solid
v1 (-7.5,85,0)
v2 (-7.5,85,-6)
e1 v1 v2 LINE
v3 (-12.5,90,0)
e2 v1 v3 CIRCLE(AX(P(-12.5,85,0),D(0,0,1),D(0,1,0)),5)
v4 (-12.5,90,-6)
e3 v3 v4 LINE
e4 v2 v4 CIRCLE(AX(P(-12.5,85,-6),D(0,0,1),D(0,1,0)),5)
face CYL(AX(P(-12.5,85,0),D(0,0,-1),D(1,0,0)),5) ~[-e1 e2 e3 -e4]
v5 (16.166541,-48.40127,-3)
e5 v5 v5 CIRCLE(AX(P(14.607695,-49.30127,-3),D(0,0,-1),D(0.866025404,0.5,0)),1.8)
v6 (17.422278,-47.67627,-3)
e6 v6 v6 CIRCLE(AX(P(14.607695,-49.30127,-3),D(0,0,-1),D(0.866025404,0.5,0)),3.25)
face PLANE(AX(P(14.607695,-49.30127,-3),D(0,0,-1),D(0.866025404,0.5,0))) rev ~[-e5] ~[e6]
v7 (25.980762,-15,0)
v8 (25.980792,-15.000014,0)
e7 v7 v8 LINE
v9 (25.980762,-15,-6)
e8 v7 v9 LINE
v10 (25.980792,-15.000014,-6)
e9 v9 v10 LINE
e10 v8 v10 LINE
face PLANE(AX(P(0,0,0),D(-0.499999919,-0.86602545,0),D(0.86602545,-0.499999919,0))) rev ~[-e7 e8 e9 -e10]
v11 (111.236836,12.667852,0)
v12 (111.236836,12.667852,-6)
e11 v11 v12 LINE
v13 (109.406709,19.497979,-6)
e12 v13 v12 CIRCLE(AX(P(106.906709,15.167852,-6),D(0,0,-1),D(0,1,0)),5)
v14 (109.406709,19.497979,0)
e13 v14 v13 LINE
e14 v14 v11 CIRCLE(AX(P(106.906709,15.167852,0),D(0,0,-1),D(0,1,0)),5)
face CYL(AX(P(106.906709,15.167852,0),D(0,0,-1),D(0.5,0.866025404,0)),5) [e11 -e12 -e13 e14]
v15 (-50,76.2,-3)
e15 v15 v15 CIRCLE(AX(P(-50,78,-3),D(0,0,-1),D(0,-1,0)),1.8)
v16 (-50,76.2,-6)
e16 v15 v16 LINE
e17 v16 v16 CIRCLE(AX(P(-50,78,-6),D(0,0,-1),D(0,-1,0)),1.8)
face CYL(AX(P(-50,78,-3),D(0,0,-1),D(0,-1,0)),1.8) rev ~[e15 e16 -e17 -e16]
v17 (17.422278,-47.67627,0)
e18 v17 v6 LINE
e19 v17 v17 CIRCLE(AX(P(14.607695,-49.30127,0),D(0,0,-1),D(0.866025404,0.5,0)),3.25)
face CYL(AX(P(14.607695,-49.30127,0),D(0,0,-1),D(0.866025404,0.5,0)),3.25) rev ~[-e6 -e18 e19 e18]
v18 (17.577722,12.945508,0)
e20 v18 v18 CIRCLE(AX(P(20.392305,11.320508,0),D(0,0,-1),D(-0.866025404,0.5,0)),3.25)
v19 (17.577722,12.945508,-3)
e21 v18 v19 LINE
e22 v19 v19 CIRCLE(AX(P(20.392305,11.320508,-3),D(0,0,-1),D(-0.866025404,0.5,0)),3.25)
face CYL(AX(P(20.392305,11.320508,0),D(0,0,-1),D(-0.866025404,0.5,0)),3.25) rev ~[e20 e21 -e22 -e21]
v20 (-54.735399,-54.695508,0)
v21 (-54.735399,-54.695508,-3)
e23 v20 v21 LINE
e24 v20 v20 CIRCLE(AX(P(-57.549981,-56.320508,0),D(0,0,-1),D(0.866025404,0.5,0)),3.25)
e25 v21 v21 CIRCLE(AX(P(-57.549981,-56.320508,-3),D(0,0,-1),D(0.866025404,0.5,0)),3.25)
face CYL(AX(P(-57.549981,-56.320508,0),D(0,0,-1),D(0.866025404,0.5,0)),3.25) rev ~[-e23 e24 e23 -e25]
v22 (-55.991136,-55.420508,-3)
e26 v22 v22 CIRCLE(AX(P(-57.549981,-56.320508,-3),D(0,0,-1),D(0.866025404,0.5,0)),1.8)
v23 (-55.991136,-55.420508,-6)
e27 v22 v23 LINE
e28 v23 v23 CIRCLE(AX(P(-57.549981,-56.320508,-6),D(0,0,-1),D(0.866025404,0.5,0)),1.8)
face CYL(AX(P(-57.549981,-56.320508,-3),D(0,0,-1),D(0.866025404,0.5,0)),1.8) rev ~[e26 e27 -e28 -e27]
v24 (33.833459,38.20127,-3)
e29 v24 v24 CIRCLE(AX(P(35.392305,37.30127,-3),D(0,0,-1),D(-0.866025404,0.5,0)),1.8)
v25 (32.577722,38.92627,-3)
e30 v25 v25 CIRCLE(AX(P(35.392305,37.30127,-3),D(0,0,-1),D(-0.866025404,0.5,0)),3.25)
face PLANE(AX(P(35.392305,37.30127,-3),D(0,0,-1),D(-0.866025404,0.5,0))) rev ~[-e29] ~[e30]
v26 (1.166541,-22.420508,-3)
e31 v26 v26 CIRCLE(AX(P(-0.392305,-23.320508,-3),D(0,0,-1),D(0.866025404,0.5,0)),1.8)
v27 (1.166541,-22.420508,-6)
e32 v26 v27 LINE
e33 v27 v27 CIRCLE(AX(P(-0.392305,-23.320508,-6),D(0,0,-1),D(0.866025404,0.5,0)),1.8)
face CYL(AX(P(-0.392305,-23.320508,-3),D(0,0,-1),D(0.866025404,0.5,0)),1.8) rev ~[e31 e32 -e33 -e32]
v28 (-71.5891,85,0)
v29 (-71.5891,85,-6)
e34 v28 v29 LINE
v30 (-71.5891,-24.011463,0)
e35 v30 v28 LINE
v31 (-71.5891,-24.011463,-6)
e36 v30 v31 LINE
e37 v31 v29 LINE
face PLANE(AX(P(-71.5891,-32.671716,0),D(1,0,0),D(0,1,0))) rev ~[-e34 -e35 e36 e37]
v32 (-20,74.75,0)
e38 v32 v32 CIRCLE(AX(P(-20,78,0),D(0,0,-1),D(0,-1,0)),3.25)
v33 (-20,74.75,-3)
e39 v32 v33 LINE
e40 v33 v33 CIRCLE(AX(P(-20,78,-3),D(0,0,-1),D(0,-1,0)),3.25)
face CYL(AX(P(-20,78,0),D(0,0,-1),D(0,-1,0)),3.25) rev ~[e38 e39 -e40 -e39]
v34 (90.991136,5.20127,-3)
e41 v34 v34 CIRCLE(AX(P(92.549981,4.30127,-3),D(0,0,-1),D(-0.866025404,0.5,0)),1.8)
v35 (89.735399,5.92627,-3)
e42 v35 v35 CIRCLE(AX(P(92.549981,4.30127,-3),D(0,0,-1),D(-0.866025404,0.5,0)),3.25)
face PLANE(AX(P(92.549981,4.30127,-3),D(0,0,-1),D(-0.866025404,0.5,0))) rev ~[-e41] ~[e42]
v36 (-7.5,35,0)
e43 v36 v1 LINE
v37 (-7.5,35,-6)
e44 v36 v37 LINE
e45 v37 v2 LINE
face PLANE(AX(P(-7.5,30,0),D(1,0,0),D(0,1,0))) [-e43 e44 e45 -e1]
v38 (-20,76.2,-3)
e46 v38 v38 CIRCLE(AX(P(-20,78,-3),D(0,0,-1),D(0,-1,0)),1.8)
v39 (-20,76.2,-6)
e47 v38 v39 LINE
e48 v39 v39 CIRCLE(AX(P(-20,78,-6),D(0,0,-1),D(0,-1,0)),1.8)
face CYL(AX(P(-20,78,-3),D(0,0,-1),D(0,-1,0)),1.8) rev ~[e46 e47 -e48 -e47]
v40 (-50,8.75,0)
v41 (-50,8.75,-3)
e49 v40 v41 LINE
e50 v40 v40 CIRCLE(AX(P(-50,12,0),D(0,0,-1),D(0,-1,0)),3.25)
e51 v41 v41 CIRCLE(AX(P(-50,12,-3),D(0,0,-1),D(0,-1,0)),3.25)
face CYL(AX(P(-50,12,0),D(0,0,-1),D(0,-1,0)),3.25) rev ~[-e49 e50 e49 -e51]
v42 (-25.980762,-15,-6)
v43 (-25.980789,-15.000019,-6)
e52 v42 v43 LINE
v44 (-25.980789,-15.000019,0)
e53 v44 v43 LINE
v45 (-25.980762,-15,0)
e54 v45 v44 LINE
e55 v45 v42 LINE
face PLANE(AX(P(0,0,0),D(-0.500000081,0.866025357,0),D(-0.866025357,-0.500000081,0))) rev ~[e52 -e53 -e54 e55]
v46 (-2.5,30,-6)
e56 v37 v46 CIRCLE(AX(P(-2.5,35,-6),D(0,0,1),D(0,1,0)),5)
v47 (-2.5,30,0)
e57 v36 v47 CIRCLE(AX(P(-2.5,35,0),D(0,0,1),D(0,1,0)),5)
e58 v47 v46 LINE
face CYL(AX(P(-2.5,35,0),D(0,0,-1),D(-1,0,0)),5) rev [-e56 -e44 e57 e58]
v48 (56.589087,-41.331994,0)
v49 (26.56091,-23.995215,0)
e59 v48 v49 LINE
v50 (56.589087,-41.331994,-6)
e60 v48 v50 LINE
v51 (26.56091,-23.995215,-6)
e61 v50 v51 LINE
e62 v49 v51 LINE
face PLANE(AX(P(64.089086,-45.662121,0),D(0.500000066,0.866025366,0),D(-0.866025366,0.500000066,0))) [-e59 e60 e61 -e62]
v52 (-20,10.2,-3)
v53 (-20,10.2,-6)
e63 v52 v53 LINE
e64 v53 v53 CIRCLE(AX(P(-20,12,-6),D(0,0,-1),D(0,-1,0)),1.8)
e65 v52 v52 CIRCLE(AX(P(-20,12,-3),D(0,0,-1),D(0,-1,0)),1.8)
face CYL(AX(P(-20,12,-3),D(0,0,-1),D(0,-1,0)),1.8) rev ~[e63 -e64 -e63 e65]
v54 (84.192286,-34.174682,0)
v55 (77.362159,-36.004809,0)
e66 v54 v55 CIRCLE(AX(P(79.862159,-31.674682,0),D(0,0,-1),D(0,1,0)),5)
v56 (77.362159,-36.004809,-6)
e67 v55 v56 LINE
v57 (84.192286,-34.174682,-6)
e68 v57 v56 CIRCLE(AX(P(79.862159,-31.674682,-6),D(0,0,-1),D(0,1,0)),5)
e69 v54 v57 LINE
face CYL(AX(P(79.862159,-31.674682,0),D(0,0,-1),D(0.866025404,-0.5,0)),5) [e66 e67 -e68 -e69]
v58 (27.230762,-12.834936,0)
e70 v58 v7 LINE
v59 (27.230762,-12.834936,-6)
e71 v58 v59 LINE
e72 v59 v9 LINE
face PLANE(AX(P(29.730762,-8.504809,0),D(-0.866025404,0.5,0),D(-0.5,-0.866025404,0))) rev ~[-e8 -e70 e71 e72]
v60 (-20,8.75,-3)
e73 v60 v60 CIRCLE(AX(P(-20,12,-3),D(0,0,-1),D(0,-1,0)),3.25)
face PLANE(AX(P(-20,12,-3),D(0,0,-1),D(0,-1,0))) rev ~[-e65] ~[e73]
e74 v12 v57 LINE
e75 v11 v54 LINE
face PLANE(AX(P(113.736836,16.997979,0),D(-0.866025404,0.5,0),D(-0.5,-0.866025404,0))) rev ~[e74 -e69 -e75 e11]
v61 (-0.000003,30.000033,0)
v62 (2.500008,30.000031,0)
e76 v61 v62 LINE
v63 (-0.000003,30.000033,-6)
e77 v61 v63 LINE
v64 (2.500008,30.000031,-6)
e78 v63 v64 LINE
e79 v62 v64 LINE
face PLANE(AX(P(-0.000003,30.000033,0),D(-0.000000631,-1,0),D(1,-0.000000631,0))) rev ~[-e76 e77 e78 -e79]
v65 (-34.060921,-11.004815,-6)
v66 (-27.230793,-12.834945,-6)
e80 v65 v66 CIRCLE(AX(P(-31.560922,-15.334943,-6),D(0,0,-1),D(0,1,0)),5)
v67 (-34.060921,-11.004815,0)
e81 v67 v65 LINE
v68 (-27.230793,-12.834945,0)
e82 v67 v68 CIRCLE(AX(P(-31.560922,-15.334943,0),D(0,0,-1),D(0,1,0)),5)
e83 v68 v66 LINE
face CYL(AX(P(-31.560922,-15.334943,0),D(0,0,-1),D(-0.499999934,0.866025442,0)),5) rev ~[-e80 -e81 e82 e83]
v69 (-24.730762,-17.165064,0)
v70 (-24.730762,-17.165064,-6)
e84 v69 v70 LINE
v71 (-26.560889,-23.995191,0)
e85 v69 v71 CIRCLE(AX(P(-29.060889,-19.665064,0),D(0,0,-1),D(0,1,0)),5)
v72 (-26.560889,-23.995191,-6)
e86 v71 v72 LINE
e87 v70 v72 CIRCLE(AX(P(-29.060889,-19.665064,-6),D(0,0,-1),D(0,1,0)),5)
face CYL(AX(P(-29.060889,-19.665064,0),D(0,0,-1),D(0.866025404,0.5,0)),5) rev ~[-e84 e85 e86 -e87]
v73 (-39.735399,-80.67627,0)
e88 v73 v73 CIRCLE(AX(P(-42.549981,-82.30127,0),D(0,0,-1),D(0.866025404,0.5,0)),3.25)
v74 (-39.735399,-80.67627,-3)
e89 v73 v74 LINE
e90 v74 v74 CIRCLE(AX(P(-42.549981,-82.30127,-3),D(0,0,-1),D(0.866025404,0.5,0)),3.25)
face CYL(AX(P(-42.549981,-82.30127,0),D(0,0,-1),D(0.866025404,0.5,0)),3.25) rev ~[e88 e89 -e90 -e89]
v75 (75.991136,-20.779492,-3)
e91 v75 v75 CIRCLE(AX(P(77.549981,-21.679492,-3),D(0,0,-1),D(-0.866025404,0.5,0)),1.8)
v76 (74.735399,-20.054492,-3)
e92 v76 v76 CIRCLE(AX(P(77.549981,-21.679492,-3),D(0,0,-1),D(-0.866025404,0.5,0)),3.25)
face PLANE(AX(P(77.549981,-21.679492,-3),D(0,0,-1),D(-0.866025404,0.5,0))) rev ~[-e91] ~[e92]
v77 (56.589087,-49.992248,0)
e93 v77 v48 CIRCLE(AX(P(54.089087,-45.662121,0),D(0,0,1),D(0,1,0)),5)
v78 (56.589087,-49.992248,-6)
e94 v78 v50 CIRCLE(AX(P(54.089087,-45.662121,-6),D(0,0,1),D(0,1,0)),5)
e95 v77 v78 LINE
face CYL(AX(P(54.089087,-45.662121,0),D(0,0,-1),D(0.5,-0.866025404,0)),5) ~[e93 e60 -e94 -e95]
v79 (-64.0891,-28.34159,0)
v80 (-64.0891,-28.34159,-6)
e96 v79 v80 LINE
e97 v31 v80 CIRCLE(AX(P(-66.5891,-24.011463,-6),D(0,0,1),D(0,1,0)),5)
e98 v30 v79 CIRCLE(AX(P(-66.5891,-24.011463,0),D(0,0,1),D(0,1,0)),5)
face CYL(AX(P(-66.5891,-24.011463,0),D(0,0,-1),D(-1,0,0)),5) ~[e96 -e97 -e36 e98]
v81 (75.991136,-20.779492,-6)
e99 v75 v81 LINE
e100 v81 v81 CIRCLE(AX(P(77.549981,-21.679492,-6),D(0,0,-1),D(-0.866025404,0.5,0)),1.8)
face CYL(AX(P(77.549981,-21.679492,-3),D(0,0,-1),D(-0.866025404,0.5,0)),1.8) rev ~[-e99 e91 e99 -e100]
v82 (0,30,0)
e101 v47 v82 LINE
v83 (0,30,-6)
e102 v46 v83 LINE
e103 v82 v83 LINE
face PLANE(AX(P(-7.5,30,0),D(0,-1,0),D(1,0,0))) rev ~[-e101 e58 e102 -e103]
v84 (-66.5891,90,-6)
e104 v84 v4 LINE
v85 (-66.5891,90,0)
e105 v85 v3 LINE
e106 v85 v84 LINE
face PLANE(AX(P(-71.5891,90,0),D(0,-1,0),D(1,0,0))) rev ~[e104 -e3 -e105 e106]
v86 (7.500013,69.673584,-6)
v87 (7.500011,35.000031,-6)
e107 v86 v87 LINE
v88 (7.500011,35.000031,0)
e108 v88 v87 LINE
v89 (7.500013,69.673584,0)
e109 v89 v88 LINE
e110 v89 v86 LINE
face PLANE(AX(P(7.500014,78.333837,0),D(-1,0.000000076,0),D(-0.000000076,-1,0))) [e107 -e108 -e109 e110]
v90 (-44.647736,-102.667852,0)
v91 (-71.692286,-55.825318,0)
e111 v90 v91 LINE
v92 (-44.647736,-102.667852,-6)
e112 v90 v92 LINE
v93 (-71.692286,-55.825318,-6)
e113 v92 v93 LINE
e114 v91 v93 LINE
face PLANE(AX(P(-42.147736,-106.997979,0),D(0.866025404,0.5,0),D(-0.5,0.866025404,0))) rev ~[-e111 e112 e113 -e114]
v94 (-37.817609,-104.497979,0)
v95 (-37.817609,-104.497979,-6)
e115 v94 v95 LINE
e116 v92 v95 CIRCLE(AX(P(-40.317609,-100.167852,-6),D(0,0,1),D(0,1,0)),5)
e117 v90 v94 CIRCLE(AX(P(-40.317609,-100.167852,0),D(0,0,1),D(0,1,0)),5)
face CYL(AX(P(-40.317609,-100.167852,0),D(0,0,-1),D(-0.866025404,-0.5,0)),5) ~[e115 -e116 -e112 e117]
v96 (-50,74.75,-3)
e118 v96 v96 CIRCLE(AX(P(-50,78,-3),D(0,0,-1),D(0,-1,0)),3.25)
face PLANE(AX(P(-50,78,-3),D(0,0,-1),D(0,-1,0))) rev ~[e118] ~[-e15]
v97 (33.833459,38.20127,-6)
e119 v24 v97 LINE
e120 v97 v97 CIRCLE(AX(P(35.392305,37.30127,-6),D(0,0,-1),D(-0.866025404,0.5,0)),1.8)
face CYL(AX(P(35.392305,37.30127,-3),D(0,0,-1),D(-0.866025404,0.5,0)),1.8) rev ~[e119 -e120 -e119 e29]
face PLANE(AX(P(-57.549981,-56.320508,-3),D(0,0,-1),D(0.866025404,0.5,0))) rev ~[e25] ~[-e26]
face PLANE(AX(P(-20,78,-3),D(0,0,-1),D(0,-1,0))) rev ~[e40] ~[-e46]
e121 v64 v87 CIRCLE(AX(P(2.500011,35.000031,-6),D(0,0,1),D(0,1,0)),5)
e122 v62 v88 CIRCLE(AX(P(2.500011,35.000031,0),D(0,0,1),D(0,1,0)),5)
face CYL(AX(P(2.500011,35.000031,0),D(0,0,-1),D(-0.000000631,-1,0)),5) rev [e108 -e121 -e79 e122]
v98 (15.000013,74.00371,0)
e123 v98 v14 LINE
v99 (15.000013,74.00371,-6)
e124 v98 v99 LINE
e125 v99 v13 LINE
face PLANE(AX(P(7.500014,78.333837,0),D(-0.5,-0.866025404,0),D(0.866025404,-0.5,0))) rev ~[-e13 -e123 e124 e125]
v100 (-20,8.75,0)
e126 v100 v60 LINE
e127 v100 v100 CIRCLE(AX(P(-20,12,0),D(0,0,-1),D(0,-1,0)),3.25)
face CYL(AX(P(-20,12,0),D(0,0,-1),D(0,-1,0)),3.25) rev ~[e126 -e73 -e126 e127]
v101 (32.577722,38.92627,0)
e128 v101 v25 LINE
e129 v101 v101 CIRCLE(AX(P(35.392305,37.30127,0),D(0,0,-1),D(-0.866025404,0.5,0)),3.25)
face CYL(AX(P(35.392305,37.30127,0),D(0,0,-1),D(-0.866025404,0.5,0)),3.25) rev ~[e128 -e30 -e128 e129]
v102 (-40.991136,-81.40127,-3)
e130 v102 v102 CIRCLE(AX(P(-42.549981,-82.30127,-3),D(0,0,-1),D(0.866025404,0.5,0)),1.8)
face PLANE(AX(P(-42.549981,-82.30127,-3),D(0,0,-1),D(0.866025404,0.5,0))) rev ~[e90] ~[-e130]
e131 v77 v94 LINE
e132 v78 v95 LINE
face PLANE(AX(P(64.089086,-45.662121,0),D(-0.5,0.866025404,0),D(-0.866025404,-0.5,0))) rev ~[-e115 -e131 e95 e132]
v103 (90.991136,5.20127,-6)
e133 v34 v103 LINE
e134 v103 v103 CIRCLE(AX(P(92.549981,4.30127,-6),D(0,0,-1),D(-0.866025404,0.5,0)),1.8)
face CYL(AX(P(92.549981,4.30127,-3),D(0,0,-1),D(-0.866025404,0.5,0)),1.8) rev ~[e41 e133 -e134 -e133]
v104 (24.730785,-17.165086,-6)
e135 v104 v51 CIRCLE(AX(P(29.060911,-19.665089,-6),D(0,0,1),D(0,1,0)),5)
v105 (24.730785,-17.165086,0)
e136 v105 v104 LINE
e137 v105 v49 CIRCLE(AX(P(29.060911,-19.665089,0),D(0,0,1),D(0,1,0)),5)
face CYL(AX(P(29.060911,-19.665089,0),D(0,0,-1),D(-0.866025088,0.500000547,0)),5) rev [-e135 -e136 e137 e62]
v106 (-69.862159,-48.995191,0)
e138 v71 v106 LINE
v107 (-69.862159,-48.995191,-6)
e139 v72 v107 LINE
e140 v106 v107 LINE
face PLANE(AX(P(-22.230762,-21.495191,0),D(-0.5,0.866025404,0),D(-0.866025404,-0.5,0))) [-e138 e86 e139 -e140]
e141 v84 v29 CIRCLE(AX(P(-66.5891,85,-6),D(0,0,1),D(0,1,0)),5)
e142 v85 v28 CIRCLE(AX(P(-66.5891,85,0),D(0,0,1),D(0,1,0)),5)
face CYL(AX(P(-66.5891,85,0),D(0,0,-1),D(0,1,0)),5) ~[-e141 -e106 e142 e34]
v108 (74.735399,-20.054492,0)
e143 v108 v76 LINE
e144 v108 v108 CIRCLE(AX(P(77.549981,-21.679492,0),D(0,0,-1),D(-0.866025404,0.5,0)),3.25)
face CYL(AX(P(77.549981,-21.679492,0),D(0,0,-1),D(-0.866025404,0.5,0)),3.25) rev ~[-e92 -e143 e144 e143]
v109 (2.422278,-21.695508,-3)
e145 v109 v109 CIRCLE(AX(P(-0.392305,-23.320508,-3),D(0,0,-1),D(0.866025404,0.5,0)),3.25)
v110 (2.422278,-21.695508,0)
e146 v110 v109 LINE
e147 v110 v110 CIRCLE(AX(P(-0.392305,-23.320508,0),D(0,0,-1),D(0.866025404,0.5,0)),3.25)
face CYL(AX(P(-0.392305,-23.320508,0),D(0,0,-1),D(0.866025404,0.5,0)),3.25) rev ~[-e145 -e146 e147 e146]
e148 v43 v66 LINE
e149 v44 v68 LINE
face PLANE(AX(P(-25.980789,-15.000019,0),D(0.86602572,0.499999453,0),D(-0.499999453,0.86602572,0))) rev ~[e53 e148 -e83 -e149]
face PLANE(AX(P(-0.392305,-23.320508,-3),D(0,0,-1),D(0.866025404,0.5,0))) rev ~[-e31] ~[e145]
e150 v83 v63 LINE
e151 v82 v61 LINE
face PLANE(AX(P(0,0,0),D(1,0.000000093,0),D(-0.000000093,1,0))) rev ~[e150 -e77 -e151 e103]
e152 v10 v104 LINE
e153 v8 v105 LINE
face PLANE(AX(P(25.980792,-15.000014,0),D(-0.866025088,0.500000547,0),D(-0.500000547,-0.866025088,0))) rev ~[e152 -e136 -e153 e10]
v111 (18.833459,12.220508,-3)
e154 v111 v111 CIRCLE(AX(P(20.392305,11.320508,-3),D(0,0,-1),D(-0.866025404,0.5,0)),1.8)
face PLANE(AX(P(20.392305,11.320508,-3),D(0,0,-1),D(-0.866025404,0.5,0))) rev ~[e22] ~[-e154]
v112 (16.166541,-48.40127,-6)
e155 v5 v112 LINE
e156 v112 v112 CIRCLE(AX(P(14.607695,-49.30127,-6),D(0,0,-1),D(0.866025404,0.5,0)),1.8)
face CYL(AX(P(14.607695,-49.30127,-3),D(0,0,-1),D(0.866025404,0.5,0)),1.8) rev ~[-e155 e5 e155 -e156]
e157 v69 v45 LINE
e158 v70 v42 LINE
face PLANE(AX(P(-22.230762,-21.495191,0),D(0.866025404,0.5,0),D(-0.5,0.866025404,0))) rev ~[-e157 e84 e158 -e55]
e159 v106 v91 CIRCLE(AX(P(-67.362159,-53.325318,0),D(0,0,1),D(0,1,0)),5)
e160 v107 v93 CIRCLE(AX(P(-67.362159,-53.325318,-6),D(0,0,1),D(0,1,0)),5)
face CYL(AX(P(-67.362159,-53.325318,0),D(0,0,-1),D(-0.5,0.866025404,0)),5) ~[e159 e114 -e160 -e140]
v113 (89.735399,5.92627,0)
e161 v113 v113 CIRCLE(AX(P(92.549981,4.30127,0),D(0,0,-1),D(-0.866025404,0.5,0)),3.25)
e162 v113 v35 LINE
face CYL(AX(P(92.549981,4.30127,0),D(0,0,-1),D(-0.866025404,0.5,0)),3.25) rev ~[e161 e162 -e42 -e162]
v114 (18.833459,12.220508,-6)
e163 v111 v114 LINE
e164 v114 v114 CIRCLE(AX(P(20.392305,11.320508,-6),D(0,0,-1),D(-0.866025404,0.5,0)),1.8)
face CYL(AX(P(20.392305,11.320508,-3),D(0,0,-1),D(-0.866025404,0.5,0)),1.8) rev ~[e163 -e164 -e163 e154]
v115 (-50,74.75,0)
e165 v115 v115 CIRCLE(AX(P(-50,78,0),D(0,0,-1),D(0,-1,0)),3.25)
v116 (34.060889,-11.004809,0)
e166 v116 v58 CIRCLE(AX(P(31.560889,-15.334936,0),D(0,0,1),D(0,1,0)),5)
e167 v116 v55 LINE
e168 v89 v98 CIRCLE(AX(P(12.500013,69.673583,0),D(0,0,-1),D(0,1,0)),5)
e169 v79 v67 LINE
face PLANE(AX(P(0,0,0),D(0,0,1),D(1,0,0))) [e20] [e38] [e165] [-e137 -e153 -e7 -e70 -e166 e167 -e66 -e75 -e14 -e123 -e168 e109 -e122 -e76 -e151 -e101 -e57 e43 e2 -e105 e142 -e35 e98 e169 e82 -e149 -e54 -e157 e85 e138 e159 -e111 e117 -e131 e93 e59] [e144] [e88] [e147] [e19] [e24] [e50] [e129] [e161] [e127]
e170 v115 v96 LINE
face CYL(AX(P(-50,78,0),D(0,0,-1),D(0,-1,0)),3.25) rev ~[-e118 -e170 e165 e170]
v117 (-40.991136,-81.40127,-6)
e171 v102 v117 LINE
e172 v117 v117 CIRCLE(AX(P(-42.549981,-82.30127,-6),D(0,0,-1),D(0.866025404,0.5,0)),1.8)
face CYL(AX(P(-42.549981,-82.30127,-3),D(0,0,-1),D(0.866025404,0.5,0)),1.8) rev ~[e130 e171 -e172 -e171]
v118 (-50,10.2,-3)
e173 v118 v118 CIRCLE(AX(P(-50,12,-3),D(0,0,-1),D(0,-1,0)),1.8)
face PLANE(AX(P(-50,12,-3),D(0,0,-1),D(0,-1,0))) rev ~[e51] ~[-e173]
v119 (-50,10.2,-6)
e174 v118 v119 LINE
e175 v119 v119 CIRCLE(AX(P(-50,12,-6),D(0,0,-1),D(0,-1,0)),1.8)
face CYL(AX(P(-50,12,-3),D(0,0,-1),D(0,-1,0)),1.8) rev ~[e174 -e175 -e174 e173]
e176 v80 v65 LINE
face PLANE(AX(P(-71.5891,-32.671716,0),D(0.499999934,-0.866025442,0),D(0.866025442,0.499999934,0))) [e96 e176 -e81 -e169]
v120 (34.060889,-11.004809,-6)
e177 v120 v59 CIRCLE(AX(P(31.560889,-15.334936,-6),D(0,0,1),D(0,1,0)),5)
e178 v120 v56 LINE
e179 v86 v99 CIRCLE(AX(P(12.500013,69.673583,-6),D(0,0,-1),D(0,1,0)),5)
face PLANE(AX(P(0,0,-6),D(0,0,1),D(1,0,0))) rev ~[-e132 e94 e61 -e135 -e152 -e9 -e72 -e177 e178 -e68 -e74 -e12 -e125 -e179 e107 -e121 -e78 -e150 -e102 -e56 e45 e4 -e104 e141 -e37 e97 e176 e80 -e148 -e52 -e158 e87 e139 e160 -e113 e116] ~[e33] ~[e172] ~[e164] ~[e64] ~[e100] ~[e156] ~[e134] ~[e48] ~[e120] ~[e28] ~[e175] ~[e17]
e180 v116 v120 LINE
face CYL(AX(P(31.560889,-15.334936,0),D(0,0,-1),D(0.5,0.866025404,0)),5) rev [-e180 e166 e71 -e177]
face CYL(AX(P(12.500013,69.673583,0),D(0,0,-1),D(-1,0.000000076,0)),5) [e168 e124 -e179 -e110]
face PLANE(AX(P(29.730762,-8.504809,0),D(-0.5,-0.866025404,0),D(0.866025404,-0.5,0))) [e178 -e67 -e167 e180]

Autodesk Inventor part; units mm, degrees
ref_plane "YZ Plane" through (0, 0, 0) normal (1, 0, 0) x (0, 1, 0)
ref_plane "XZ Plane" through (0, 0, 0) normal (0, 1, 0) x (-1, 0, 0)
ref_plane "XY Plane" through (0, 0, 0) normal (0, 0, 1) x (1, 0, 0)
sketch "Sketch2" plane through (0, 0, 0) normal (0, 0, 1) x (1, 0, 0)
  line L0 (-50, 78) -> (-50, 12) construction
  line L1 (-50, 12) -> (-20, 12) construction
  line L2 (-20, 12) -> (-20, 78) construction
  line L3 (-20, 78) -> (-50, 78) construction
  line L4 (-50, 78) -> (-20, 12) construction
  line L5 (-50, 12) -> (-20, 78) construction
  line L6 (-7.5, 90) -> (7.5, 90)
  line L7 (7.5, 90) -> (7.5, 0)
  line L8 (7.5, 0) -> (-7.5, 0)
  line L9 (-7.5, 0) -> (-7.5, 90)
  line L10 (-7.5, 90) -> (7.5, 0) construction
  line L11 (7.5, 90) -> (-7.5, 0) construction
  line L12 (-35, 45) -> (0, 45) construction
  line L13 (0, 45) -> (0, 0) construction
  line L14 (-7.5, 30) -> (7.5, 30)
  line L15 (7.5, 30) -> (64.1758, 30)
  circle A0 centre (0, 0) radius 115 construction
  line L16 (0, 0) -> (0, 30)
  line L17 (0, 0) -> (-99.5929, -57.5)
  line L18 (-7.5, 90) -> (-7.5, 114.7552)
  line L19 (-71.5891, -41.332) -> (-71.5891, 90)
  line L20 (-71.5891, 90) -> (-7.5, 90)
  line L21 (-22.2308, -21.4952) -> (-29.7308, -8.5048)
  line L22 (-81.6923, -38.5048) -> (-3.75, 6.4952)
  line L23 (3.75, -6.4952) -> (-74.1923, -51.4952)
  line L24 (-74.1923, -51.4952) -> (-81.6923, -38.5048)
  line L25 (-3.75, 6.4952) -> (3.75, -6.4952)
  line L26 (29.7308, -8.5048) -> (22.2308, -21.4952)
  line L27 (74.1923, -51.4952) -> (-3.75, -6.4952)
  line L28 (3.75, 6.4952) -> (81.6923, -38.5048)
  line L29 (81.6923, -38.5048) -> (74.1923, -51.4952)
  line L30 (-3.75, -6.4952) -> (3.75, 6.4952)
  point P0 (-25.9808, -15)
  point P1 (25.9808, -15)
  point P2 (-71.5891, -32.6717)
  point P3 (-25.9808, -15)
  dimension "d0" = 30
  dimension "d1" = 66
  dimension "d2" = 15
  dimension "d3" = 90
  dimension "d4" = 12.5
  dimension "d5" = 45
  dimension "d6" = 30
  dimension "d15" = 120
  dimension "d16" = 115
  dimension "d31" = 360
extrude "Extrusion1" add sketch "Sketch2" against normal blind 6 contours L9 L22 L19 L20 | L14 L16 L25 L22 L9 | L22 L25 L8 L9 | L9 L8 L17 L21 L22
hole "Hole1" at (-50, 78, 0) at (-20, 78, 0) at (-20, 12, 0) at (-50, 12, 0) direction (0, 0, -1) diameter 3.6 end through all counterbore diameter 6.5 counterbore depth 3 clearance for "Socket Head Cap Screw" size "M3" standard "Ansi Metric M Profile"
pattern_circular "Circular Pattern1" count 3 over 360 about axis through (0, 0, 0) along (0, 0, -1) of "Extrusion1", "Hole1"
fillet "Fillet1" radius 5 15 edges at (113.7368, 16.998, -3) (81.6923, -38.5048, -3) (-7.5, 90, -3) (-71.5891, 90, -3) (-7.5, 30, -3) (-74.1923, -51.4952, -3) (-22.2308, -21.4952, -3) (-42.1477, -106.998, -3) (29.7308, -8.5048, -3) (7.5, 78.3339, -3) (7.5, 30, -3) (22.2308, -21.4952, -3) (-29.7308, -8.5048, -3) (64.0891, -45.6621, -3) (-71.5891, -32.6717, -3)
properties part number "TestBench_Top_Motor_Support"
